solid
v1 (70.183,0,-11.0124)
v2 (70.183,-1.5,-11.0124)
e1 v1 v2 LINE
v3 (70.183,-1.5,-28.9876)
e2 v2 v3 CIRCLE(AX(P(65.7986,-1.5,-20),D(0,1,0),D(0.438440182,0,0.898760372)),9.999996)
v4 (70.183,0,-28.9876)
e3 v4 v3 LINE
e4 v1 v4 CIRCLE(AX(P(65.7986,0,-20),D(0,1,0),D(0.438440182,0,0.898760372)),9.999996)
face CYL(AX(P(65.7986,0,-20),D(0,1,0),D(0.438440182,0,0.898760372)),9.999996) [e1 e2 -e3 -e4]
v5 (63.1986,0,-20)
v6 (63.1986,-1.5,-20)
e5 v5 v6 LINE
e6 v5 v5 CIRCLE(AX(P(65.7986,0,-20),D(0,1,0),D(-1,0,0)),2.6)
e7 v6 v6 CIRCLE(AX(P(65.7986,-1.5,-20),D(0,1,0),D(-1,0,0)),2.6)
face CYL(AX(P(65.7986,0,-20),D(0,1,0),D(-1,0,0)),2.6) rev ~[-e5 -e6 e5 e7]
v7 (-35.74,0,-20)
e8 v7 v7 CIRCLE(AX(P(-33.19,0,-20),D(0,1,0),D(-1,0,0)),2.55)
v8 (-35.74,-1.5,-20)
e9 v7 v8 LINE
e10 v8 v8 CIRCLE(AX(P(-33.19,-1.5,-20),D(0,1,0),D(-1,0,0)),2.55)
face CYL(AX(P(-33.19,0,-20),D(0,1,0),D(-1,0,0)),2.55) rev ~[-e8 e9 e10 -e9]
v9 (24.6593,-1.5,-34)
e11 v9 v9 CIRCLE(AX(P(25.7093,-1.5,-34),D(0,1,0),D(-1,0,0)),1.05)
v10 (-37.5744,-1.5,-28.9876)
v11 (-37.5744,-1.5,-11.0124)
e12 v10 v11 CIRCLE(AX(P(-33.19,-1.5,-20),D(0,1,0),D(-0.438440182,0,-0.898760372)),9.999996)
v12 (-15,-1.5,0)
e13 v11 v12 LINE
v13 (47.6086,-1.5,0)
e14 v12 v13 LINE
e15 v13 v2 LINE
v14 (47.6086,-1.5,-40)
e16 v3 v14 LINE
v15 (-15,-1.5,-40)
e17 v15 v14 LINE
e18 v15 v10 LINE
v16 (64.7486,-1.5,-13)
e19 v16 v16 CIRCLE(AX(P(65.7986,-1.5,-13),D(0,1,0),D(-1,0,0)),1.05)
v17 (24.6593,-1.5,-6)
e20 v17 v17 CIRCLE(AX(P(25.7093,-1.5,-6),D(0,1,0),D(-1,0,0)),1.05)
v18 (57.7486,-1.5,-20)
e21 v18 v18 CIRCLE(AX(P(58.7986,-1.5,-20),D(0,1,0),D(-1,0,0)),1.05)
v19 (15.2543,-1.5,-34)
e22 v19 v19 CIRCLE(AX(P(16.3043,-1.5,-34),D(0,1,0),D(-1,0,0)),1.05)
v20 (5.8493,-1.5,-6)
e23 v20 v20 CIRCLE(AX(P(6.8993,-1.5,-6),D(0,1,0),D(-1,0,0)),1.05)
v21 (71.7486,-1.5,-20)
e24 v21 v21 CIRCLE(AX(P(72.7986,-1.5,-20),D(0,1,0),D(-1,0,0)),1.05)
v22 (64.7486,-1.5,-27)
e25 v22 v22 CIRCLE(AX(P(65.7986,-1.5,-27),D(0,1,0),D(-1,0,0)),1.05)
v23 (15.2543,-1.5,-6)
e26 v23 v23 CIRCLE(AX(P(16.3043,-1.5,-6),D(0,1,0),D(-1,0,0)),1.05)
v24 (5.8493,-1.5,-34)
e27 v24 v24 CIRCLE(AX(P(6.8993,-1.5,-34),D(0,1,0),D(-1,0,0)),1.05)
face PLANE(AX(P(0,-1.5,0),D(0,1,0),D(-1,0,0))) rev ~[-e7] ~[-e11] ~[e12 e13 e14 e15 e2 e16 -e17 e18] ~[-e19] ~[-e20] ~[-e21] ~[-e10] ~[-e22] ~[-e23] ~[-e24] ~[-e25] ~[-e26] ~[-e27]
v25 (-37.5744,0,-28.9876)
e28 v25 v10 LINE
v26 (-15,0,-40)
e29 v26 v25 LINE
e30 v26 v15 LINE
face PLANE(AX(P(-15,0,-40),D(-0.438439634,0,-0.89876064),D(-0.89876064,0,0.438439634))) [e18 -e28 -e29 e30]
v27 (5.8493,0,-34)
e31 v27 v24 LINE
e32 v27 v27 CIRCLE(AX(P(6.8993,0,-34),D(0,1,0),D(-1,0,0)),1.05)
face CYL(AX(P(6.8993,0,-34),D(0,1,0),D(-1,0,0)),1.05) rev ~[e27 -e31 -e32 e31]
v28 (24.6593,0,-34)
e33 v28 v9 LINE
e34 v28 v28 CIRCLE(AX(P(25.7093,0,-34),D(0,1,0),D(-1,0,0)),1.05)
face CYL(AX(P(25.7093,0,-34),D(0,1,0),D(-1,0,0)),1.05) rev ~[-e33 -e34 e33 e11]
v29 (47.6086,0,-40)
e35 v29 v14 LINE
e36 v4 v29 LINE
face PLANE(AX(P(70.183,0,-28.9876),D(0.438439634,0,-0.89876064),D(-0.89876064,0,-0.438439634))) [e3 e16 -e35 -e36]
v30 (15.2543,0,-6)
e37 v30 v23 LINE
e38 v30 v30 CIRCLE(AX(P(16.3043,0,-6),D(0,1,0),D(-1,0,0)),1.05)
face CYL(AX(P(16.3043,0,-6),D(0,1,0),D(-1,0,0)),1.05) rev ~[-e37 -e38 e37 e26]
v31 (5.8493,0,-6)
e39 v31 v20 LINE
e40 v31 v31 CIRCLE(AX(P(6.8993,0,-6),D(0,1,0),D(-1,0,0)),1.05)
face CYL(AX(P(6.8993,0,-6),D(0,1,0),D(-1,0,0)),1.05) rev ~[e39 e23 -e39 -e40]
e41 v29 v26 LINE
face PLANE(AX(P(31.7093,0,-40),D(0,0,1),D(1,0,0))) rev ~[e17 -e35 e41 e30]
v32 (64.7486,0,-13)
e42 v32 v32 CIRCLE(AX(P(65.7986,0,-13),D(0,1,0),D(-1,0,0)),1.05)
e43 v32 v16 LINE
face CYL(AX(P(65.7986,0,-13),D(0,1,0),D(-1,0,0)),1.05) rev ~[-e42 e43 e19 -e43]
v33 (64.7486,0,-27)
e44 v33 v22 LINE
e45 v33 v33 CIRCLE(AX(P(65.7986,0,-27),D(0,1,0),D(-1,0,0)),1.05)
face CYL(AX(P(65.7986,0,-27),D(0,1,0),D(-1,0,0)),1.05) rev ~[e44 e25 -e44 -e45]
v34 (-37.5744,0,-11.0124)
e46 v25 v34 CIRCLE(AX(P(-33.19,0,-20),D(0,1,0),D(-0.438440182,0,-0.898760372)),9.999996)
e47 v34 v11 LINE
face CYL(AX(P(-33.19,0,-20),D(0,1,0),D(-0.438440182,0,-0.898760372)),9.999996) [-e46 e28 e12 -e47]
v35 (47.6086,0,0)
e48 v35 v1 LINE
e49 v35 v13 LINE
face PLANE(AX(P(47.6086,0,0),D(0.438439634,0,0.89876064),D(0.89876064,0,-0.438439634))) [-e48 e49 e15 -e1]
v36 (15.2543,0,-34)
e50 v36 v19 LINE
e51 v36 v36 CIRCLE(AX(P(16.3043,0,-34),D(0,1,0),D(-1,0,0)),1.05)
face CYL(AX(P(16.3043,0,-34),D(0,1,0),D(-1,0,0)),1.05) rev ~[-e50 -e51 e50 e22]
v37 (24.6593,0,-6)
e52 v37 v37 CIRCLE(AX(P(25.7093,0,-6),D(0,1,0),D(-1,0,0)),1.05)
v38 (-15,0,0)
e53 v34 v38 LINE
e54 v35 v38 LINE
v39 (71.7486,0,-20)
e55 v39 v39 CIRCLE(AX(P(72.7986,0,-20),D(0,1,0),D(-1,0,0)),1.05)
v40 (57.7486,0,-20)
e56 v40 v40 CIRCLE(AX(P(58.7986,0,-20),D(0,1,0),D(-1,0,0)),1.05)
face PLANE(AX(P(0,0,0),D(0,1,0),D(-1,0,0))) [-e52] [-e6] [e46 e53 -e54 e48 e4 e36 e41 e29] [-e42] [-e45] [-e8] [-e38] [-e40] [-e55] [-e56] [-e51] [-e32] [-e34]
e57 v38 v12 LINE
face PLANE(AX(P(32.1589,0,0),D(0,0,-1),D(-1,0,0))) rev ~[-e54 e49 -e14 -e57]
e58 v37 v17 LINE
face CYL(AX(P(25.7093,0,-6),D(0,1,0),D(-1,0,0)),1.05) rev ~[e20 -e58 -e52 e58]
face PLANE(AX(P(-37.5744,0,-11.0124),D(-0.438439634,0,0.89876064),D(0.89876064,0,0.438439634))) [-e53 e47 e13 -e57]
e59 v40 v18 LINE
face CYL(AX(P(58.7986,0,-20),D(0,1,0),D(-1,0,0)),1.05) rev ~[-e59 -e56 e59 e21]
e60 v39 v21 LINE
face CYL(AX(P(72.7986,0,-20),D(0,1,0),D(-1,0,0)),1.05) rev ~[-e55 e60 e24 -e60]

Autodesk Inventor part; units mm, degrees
ref_plane "YZ Plane" through (0, 0, 0) normal (1, 0, 0) x (0, 1, 0)
ref_plane "XZ Plane" through (0, 0, 0) normal (0, 1, 0) x (-1, 0, 0)
ref_plane "XY Plane" through (0, 0, 0) normal (0, 0, 1) x (1, 0, 0)
sketch "Sketch1" plane through (0, 0, 0) normal (0, 1, 0) x (-1, 0, 0)
  line L0 (-32.1589, 0) -> (-32.1589, -40)
  line L1 (-0.4496, -40) -> (-0.4496, 0)
  circle A0 centre (-72.7986, -20) radius 1.05
  circle A1 centre (-65.7986, -13) radius 1.05
  circle A2 centre (-65.7986, -27) radius 1.05
  circle A3 centre (-58.7986, -20) radius 1.05
  circle A4 centre (-25.7093, -6) radius 1.05
  circle A5 centre (-25.7093, -34) radius 1.05
  circle A6 centre (-16.3043, -6) radius 1.05
  circle A7 centre (-16.3043, -34) radius 1.05
  circle A8 centre (-6.8993, -6) radius 1.05
  circle A9 centre (-6.8993, -34) radius 1.05
  circle A10 centre (-65.7986, -20) radius 2.6
  circle A11 centre (33.19, -20) radius 2.55
  line L2 (37.5744, -11.0124) -> (15, 0)
  arc A12 (37.5744, -28.9876) -> (37.5744, -11.0124) centre (33.19, -20) ccw
  line L3 (15, -40) -> (37.5744, -28.9876)
  line L4 (-47.6086, 0) -> (-70.183, -11.0124)
  arc A13 (-70.183, -11.0124) -> (-70.183, -28.9876) centre (-65.7986, -20) ccw
  line L5 (-70.183, -28.9876) -> (-47.6086, -40)
  line L6 (-47.6086, 0) -> (15, 0)
  line L7 (15, -40) -> (-47.6086, -40)
  line L8 (-32.6086, -40) -> (-32.6086, 0)
  line L9 (-31.7093, 0) -> (-31.7093, -40)
  line L10 (-0.8993, -40) -> (-0.8993, 0)
  line L11 (0, 0) -> (0, -40)
extrude "Extrusion1" add sketch "Sketch1" against normal blind 1.5
properties part number "CAM_axis_6_bottom_frame(top)"
